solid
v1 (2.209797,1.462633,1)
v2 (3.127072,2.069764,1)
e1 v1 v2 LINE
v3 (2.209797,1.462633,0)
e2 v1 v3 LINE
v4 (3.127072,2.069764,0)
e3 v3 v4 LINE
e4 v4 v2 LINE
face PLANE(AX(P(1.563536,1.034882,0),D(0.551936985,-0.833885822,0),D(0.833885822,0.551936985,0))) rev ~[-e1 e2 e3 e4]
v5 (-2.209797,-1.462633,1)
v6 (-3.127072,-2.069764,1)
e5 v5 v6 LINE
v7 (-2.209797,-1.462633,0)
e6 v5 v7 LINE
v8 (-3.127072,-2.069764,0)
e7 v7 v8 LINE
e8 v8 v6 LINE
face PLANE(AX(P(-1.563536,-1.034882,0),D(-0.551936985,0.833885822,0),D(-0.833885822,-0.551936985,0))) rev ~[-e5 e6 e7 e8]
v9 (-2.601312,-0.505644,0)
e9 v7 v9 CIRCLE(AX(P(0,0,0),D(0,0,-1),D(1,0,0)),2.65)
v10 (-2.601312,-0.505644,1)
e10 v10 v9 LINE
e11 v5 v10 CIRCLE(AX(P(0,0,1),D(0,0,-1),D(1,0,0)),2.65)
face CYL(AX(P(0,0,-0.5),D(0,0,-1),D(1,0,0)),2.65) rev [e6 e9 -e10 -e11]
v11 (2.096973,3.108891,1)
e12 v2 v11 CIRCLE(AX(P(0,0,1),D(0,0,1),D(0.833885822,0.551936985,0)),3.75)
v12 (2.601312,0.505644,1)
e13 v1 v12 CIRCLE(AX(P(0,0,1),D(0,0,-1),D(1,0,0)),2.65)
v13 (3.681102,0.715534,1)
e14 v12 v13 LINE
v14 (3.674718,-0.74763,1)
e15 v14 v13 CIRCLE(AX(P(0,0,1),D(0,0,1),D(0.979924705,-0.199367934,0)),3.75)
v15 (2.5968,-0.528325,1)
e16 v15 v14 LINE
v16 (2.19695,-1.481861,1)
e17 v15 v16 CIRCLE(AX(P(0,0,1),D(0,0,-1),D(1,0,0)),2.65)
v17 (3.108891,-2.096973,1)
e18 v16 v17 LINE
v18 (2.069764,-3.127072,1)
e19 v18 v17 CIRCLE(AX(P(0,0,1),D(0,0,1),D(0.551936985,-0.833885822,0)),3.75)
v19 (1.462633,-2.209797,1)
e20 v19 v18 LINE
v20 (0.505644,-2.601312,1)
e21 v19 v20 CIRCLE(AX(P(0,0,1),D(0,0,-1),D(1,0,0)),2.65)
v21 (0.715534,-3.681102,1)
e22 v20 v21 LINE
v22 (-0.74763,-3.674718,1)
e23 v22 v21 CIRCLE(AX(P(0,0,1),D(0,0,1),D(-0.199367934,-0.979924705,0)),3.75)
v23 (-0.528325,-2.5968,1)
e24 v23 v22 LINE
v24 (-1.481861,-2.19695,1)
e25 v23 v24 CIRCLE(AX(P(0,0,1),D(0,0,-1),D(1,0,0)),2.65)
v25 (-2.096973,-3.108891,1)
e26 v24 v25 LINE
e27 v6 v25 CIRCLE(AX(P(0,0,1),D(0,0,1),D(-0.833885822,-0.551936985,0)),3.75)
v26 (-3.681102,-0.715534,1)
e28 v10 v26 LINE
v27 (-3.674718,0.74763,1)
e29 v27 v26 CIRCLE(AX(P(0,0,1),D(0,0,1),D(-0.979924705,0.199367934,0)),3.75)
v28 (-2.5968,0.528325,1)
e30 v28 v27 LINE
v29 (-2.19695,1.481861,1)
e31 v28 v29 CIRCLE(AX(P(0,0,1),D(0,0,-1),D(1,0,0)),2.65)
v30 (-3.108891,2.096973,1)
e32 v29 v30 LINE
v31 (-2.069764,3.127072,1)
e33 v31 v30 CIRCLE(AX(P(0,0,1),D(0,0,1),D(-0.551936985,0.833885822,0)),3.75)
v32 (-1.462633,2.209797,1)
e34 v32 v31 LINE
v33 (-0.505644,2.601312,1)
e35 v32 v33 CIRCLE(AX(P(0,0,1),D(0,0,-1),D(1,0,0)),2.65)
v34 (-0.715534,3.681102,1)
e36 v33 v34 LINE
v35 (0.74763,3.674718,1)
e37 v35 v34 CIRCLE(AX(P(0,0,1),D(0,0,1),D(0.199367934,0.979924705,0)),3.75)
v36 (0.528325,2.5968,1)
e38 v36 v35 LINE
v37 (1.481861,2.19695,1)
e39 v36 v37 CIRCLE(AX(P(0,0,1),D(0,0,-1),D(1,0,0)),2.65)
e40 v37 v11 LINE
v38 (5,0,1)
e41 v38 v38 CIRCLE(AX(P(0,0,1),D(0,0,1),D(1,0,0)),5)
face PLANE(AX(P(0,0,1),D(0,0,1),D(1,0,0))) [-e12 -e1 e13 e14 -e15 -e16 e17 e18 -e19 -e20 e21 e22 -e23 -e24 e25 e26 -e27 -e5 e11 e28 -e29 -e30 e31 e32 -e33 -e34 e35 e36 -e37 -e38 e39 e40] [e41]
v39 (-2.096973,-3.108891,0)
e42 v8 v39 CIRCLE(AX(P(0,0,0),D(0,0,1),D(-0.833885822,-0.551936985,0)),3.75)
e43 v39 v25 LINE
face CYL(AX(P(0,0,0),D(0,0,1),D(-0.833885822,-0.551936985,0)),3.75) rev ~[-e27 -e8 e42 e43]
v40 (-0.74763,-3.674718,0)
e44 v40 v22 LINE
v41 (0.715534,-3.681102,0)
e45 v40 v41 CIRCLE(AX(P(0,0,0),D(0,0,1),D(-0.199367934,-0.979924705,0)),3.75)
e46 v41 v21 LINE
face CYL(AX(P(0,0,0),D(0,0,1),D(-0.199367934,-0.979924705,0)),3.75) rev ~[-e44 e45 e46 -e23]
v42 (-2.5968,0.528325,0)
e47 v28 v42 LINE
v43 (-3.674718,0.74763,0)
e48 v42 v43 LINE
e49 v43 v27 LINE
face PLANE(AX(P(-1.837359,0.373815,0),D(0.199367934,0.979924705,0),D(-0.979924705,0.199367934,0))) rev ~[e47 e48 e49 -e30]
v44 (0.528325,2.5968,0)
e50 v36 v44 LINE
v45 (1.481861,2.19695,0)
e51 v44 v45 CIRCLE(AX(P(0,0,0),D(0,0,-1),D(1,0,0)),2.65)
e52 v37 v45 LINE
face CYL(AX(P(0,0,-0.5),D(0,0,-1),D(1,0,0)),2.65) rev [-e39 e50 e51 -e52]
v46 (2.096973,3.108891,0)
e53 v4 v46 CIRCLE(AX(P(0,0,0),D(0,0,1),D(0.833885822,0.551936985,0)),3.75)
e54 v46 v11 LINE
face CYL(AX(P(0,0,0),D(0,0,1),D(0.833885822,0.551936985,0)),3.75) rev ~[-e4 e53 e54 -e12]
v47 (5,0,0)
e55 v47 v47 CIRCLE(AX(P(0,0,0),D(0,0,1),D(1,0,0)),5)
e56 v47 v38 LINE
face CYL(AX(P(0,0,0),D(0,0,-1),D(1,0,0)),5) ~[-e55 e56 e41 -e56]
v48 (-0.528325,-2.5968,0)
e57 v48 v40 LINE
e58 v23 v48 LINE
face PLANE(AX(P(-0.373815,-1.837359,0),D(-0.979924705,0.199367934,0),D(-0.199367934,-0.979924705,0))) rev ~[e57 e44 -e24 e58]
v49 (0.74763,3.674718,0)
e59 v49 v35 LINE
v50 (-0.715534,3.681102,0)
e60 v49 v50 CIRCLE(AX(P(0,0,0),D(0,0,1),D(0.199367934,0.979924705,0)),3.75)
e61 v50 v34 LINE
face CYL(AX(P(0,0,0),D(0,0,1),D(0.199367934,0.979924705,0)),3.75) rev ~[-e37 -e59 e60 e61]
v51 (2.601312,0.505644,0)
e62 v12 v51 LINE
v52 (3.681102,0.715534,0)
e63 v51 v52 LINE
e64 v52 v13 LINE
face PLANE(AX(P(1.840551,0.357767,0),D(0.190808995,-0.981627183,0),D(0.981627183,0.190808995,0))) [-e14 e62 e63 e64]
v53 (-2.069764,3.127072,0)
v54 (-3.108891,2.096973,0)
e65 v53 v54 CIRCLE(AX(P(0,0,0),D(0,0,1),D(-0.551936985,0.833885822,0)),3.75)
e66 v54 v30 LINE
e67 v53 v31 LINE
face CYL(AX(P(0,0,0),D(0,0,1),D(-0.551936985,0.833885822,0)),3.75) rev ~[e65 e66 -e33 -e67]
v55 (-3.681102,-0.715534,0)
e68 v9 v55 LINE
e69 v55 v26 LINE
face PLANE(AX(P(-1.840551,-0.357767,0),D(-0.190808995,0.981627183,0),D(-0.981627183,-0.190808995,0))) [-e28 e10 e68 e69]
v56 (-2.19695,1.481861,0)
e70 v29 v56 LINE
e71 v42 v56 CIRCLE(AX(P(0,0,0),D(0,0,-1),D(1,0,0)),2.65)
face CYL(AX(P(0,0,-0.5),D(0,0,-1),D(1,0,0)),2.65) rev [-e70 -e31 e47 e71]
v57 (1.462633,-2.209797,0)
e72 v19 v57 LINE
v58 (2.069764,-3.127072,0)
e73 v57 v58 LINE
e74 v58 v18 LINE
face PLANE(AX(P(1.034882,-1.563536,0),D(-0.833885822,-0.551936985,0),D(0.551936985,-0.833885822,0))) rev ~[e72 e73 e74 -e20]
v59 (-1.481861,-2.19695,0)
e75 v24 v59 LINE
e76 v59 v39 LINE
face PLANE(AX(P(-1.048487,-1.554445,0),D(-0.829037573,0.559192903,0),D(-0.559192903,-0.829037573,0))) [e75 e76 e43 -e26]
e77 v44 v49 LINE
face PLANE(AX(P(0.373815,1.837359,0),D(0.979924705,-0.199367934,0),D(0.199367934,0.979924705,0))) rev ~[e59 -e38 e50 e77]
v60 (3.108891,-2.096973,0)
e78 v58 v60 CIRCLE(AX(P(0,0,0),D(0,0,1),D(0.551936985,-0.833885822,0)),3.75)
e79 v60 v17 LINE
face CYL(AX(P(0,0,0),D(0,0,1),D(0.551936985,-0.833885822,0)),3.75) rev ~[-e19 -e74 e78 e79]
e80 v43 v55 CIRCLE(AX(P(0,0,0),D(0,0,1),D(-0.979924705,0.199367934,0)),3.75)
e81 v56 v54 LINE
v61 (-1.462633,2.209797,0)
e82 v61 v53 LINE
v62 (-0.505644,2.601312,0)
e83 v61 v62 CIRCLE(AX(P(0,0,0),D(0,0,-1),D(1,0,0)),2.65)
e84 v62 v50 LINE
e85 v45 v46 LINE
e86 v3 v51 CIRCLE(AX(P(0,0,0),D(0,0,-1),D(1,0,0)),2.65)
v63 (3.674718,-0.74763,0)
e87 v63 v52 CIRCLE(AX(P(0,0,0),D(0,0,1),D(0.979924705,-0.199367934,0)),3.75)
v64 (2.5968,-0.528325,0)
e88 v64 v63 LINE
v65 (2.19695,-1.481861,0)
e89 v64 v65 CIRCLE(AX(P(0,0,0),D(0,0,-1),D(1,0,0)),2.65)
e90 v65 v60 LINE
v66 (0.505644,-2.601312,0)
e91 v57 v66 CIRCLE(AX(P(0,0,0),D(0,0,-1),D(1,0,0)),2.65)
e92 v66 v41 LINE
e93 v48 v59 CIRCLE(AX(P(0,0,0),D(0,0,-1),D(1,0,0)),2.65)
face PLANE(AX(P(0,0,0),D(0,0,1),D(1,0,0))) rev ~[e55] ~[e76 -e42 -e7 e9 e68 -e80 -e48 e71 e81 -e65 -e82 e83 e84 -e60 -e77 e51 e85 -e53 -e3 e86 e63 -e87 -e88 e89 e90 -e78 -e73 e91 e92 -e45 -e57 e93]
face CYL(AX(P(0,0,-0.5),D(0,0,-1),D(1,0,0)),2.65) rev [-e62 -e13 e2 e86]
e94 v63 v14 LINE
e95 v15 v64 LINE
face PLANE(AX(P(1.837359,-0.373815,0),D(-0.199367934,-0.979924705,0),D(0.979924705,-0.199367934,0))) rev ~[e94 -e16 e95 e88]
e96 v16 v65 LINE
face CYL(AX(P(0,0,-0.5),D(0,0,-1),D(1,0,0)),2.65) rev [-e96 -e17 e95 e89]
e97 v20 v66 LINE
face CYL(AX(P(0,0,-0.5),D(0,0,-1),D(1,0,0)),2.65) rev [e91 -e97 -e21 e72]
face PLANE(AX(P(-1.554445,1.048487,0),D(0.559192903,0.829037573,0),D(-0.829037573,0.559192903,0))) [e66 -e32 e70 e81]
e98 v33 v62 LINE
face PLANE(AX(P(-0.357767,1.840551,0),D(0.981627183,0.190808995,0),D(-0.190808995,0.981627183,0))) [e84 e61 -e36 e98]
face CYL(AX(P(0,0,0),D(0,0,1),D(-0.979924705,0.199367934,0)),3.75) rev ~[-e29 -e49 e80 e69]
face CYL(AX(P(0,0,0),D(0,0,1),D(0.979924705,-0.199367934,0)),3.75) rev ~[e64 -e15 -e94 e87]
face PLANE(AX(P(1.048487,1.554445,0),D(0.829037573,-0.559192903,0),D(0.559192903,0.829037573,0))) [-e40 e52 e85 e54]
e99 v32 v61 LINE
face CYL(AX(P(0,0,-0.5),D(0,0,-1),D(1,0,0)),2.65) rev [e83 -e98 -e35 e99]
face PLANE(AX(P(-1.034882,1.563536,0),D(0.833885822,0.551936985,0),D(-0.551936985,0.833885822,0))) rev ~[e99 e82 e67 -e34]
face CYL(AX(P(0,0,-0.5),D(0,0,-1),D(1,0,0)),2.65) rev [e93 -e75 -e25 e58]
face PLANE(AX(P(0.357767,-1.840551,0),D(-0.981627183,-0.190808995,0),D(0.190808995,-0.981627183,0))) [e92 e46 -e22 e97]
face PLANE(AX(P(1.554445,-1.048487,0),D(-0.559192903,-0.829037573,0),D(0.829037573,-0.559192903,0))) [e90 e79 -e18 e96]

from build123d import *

# Parameters (mm, degrees)
CYLINDER003_R          = 2
CYLINDER003_DEPTH      = 10
CYLINDER002_W          = 3.75
CYLINDER002_H          = 10
CYLINDER002_ANGLE      = 22.5
CUT001_PLACEMENT_ANGLE = -11.5
ARRAY_COUNT            = 8
CYLINDER001_R          = 2.65
CYLINDER001_DEPTH      = 2
CYLINDER_R             = 5
CYLINDER_DEPTH         = 1


with BuildPart() as vaciado_sector:
    # Cylinder003 → Cylinder003 (new body)
    with BuildSketch(Plane.XY):
        Circle(CYLINDER003_R)
    extrude(amount=CYLINDER003_DEPTH)


with BuildPart() as array_vaciado_8_sectores:
    # Cylinder002 → Cylinder002 (revolve)
    with BuildSketch(Plane.XZ):
        with Locations((1.875, 5)):
            Rectangle(CYLINDER002_W, CYLINDER002_H)
    revolve(axis=Axis((0, 0, 0), (0, 0, 1)), revolution_arc=CYLINDER002_ANGLE)

    # Cut001: cut vaciado sector
    add(vaciado_sector.part, mode=Mode.SUBTRACT)


with BuildPart() as array_vaciado_8_sectores_1:
    # Cut001 placement: moved
    add(array_vaciado_8_sectores.part.moved(Location((0, 0, -5))).rotate(Axis((0, 0, -5), (0, 0, 1)), CUT001_PLACEMENT_ANGLE))

    # Array: Array vaciado 8 sectores ×8 about axis
    array_axis = Axis((0, 0, 0), (0, 0, 1))


with BuildPart() as array_vaciado_8_sectores_2:
    add(array_vaciado_8_sectores_1.part)
    for i in range(1, ARRAY_COUNT):
        add(array_vaciado_8_sectores_1.part.rotate(array_axis, i * 360 / ARRAY_COUNT))


with BuildPart() as vaciado_interior_arandela_freno:
    # Cylinder001 → Cylinder001 (new body)
    with BuildSketch(Plane.XY.offset(-0.5)):
        Circle(CYLINDER001_R)
    extrude(amount=CYLINDER001_DEPTH)


with BuildPart() as master_arandela_de_freno:
    # Cylinder → Cylinder (new body)
    with BuildSketch(Plane.XY):
        Circle(CYLINDER_R)
    extrude(amount=CYLINDER_DEPTH)

    # Cut: cut vaciado interior arandela freno
    add(vaciado_interior_arandela_freno.part, mode=Mode.SUBTRACT)

    # Cut002: cut Array vaciado 8 sectores
    add(array_vaciado_8_sectores_2.part, mode=Mode.SUBTRACT)


solid = master_arandela_de_freno.part
